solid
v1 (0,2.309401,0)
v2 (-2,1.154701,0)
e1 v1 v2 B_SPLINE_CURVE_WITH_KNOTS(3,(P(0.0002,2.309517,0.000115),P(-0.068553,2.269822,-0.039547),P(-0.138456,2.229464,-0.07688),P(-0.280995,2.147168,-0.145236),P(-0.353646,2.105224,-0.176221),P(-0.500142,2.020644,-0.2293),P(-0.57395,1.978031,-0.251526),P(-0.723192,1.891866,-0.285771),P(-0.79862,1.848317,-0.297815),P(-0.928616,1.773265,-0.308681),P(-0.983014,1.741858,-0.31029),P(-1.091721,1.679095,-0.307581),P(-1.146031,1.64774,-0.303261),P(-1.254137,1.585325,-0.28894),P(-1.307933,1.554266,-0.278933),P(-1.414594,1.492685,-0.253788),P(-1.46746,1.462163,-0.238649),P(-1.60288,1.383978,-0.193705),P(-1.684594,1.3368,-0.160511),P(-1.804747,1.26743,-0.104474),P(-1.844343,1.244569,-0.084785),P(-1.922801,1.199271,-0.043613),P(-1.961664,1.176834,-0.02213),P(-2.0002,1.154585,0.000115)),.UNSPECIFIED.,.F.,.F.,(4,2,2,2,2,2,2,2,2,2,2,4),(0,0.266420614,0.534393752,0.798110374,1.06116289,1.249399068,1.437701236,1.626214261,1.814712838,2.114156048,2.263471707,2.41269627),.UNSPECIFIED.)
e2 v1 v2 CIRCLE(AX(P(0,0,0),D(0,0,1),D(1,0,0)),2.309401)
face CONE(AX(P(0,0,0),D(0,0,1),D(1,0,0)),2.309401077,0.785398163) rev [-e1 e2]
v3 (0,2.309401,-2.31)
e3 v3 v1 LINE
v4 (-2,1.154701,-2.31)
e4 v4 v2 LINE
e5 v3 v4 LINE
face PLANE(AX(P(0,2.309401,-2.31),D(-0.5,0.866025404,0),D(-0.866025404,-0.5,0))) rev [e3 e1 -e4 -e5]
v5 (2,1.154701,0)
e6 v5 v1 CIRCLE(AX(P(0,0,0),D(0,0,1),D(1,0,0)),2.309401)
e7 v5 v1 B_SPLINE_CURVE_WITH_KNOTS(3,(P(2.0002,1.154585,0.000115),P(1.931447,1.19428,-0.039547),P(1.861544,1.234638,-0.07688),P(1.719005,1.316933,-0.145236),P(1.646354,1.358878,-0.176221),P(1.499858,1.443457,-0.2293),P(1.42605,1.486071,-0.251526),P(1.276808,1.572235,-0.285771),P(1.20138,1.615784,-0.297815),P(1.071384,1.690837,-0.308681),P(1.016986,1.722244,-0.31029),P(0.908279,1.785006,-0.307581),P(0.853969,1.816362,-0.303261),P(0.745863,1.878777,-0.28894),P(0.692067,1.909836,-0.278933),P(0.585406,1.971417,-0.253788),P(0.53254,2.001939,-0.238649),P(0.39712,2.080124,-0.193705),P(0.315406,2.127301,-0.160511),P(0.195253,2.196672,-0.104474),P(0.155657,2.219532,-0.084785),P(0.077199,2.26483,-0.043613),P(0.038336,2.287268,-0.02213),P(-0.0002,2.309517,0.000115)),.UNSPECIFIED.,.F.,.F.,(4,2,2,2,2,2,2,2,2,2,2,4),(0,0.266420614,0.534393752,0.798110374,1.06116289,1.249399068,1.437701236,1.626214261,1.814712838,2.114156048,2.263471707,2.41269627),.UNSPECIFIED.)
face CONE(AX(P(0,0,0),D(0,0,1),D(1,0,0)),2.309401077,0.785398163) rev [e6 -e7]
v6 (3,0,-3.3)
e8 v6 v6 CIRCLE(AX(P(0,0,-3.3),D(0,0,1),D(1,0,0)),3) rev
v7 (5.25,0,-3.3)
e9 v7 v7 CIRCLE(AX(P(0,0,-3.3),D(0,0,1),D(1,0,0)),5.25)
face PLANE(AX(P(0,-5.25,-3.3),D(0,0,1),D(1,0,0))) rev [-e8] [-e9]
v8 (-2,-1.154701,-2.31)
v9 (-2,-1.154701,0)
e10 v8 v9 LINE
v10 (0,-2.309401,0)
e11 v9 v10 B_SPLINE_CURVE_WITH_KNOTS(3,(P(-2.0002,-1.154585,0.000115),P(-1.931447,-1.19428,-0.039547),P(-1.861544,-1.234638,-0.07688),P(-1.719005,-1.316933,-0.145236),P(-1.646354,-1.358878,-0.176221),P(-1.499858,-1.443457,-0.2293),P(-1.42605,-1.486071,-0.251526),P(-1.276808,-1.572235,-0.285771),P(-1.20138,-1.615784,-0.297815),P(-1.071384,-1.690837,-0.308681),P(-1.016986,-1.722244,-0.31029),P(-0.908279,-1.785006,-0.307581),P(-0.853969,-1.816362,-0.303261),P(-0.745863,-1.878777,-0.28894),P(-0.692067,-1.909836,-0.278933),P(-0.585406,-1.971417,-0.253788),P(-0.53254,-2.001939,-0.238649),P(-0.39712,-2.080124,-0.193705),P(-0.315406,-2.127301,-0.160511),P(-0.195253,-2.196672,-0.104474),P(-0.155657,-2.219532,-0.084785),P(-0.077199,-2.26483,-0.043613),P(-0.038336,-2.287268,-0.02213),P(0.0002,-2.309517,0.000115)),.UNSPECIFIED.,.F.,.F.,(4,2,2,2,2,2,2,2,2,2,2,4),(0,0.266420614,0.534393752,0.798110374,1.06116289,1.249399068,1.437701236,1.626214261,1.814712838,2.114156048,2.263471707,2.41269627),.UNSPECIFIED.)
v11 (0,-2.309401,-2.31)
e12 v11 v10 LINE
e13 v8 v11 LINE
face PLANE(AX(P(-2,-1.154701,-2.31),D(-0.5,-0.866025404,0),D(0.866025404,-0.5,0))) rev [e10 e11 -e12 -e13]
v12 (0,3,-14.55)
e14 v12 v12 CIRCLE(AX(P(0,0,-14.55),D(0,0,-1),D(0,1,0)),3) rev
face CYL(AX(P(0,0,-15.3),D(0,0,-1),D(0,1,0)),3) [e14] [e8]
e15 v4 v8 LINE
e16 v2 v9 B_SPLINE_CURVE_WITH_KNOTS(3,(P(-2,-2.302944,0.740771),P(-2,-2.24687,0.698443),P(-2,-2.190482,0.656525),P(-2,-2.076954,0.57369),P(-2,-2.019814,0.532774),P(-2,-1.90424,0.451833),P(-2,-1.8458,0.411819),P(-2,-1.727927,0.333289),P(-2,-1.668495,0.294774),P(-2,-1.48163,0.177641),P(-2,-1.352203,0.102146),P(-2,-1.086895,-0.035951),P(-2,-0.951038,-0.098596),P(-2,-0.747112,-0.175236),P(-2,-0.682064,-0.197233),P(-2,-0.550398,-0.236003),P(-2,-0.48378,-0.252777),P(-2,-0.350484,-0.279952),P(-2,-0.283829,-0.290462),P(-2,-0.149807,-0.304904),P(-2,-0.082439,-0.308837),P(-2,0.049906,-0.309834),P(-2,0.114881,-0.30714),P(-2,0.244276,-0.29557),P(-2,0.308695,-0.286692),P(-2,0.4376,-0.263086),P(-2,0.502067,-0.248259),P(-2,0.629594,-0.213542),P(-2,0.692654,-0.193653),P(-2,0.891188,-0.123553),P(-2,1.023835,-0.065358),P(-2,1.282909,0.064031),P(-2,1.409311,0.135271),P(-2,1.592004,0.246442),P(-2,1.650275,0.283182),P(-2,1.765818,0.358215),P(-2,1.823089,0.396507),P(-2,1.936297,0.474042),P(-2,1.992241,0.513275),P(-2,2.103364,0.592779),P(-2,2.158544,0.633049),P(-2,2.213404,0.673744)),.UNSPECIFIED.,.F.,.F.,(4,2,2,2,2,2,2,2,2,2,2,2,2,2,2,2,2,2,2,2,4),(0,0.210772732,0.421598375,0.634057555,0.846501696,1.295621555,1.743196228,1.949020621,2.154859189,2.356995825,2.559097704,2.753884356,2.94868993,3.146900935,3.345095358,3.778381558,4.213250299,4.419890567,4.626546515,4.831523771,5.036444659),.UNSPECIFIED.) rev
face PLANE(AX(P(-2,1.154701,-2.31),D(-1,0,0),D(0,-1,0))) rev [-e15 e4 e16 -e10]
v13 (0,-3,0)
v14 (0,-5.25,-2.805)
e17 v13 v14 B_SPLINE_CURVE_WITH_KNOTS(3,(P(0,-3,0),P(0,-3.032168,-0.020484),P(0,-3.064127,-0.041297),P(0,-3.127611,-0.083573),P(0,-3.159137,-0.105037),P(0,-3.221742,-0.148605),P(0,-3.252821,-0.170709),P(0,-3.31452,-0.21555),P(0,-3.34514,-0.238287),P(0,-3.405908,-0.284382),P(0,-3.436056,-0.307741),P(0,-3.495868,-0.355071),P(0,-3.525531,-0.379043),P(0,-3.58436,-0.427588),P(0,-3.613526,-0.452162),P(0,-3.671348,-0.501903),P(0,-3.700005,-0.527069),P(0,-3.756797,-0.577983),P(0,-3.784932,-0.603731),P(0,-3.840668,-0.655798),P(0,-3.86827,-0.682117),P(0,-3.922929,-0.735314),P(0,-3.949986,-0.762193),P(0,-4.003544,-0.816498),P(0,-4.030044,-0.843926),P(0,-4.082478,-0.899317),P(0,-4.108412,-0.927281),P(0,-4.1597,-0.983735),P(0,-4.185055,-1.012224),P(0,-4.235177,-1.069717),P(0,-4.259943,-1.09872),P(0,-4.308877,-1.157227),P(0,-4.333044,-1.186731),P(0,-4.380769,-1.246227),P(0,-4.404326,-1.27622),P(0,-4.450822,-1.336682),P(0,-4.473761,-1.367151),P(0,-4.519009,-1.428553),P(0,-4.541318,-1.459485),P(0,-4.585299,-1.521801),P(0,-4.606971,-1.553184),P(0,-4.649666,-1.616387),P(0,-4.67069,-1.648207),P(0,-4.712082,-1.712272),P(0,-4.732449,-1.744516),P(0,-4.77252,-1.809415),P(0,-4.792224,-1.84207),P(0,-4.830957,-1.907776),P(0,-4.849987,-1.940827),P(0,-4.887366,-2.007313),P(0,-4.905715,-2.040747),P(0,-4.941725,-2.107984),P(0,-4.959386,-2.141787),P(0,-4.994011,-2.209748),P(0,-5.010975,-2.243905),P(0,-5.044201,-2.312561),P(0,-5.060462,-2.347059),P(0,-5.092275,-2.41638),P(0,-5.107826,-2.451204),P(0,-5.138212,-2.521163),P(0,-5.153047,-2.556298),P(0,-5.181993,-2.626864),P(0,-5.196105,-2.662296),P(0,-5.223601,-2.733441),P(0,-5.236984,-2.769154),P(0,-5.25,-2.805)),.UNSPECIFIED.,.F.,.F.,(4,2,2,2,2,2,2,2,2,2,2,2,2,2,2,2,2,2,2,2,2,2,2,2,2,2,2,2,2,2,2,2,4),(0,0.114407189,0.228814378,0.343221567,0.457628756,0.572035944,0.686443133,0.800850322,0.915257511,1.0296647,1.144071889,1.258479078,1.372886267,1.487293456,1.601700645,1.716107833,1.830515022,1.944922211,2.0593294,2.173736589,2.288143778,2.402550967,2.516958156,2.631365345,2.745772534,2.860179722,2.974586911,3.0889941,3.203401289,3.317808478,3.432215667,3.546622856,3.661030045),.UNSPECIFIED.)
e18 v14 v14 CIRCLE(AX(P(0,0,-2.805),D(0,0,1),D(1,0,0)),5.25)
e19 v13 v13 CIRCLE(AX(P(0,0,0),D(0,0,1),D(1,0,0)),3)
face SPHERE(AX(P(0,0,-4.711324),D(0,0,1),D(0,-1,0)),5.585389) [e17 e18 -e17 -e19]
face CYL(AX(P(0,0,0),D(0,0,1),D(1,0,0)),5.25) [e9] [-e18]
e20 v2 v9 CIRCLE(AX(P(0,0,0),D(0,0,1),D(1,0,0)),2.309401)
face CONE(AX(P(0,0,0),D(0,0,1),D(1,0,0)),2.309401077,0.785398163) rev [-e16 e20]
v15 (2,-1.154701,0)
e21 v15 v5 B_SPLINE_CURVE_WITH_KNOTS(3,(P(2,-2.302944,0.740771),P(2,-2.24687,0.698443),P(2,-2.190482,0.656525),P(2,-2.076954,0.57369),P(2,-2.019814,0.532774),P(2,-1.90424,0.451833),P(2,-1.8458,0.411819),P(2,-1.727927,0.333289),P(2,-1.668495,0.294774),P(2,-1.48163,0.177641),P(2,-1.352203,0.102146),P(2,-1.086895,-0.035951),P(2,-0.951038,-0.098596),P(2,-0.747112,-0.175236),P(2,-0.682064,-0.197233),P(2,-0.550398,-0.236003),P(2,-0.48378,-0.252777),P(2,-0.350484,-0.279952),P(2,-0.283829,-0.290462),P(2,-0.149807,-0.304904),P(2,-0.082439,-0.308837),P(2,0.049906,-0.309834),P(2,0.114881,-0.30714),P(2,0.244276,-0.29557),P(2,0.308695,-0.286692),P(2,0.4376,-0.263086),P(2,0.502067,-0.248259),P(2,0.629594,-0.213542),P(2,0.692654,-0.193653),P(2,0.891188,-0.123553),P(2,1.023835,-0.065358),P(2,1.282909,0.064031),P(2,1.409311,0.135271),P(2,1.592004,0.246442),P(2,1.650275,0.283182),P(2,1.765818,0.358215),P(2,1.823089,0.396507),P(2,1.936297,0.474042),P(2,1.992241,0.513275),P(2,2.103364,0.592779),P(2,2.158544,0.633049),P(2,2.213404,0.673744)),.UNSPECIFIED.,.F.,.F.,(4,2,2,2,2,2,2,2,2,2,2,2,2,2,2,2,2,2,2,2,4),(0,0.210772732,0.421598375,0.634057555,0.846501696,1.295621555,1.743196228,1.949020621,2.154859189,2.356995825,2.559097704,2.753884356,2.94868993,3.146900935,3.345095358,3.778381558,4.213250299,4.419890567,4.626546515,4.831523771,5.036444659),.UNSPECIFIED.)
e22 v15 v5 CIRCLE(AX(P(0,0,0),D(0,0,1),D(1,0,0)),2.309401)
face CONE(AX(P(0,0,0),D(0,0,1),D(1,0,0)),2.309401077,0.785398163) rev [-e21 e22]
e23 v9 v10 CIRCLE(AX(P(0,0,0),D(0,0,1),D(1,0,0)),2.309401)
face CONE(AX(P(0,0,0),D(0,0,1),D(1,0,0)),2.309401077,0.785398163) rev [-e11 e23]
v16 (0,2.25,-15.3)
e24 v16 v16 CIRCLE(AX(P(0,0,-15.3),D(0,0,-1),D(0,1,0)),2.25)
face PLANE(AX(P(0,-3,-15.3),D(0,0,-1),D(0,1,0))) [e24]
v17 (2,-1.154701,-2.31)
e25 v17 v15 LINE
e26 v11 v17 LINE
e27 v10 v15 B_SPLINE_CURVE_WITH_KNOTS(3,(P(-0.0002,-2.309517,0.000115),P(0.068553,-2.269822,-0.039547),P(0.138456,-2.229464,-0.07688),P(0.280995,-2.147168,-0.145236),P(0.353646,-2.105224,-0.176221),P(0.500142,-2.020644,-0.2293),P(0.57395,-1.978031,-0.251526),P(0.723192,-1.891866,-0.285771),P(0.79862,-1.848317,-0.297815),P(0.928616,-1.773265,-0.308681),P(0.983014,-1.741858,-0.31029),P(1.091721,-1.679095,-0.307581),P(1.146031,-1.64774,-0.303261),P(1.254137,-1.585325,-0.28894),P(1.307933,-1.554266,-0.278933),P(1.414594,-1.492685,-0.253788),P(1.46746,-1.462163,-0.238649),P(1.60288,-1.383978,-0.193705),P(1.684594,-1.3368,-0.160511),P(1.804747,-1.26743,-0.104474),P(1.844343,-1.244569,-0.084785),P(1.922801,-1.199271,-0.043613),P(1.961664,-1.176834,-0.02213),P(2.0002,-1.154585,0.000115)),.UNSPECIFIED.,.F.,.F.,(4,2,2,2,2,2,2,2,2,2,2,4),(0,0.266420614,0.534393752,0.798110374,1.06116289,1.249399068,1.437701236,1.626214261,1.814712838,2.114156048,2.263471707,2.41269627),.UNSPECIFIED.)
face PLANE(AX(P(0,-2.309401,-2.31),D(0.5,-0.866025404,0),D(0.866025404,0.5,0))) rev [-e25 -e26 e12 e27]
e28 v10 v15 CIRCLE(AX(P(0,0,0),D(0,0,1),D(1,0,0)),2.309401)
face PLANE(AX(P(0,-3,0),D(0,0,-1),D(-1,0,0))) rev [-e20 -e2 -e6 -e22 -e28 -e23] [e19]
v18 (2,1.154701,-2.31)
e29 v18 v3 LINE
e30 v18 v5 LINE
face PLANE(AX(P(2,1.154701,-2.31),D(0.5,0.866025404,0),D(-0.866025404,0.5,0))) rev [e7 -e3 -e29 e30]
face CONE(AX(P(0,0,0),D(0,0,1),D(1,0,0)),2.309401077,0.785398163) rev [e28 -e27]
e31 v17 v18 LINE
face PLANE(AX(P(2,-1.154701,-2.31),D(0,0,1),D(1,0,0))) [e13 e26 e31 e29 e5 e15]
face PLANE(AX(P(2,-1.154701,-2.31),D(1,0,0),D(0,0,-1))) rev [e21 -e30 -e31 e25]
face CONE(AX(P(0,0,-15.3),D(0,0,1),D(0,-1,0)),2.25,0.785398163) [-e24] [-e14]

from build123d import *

# Parameters (mm, degrees)
SKETCH1_W          = 12
SKETCH1_H          = 3
CHAMFER1_SIZE      = 0.75
CUT_EXTRUDE2_DEPTH = 2.31


with BuildPart() as part:
    # Sketch1 → Revolve1 (revolve)
    with BuildSketch(Plane(origin=(0, 0, 0), x_dir=(0, 0, -1), z_dir=(1, 0, 0))):
        with Locations((9.3, 1.5)):
            Rectangle(SKETCH1_W, SKETCH1_H)
    revolve(axis=Axis((0, 0, -15.3), (0, 0, 1)))

    # Chamfer1
    chamfer1_edges = [part.edges().sort_by_distance(p)[0] for p in [
        (0, -3, -15.3),
    ]]
    chamfer(chamfer1_edges, length=CHAMFER1_SIZE)

    # Sketch7 → Revolve2 (revolve)
    with BuildSketch(Plane(origin=(0, 0, 0), x_dir=(0, 0, -1), z_dir=(1, 0, 0))):
        with BuildLine():
            Line((2.805, 5.25), (3.3, 5.25))
            Line((3.3, 5.25), (3.3, 0))
            Line((3.3, 0), (0, 0))
            Line((0, 0), (0, 3))
            ThreePointArc((0, 3), (1.216479019, 4.356906156), (2.805, 5.25))
        make_face()
    revolve(axis=Axis((0, 0, 0), (0, 0, -1)))

    # Sketch5 → Cut-Extrude2 (cut)
    with BuildSketch(Plane.XY):
        Polygon((2, -1.154700538), (2, 1.154700538), (0, 2.309401077), (-2, 1.154700538), (-2, -1.154700538), (0, -2.309401077), align=None)
    extrude(amount=-CUT_EXTRUDE2_DEPTH, mode=Mode.SUBTRACT)

    # Cut-Extrude3 cone 1 section (through the dimple's axis) → Cut-Extrude3 (revolve, cut)
    with BuildSketch(Plane(origin=(0, 0, 0), x_dir=(0, -1, 0), z_dir=(1, 0, 0))):
        Polygon((0, 0), (2.309401077, 0), (0, 2.309401077), align=None)
    revolve(axis=Axis((0, 0, 0), (0, 0, -1)), mode=Mode.SUBTRACT)


solid = part.part
